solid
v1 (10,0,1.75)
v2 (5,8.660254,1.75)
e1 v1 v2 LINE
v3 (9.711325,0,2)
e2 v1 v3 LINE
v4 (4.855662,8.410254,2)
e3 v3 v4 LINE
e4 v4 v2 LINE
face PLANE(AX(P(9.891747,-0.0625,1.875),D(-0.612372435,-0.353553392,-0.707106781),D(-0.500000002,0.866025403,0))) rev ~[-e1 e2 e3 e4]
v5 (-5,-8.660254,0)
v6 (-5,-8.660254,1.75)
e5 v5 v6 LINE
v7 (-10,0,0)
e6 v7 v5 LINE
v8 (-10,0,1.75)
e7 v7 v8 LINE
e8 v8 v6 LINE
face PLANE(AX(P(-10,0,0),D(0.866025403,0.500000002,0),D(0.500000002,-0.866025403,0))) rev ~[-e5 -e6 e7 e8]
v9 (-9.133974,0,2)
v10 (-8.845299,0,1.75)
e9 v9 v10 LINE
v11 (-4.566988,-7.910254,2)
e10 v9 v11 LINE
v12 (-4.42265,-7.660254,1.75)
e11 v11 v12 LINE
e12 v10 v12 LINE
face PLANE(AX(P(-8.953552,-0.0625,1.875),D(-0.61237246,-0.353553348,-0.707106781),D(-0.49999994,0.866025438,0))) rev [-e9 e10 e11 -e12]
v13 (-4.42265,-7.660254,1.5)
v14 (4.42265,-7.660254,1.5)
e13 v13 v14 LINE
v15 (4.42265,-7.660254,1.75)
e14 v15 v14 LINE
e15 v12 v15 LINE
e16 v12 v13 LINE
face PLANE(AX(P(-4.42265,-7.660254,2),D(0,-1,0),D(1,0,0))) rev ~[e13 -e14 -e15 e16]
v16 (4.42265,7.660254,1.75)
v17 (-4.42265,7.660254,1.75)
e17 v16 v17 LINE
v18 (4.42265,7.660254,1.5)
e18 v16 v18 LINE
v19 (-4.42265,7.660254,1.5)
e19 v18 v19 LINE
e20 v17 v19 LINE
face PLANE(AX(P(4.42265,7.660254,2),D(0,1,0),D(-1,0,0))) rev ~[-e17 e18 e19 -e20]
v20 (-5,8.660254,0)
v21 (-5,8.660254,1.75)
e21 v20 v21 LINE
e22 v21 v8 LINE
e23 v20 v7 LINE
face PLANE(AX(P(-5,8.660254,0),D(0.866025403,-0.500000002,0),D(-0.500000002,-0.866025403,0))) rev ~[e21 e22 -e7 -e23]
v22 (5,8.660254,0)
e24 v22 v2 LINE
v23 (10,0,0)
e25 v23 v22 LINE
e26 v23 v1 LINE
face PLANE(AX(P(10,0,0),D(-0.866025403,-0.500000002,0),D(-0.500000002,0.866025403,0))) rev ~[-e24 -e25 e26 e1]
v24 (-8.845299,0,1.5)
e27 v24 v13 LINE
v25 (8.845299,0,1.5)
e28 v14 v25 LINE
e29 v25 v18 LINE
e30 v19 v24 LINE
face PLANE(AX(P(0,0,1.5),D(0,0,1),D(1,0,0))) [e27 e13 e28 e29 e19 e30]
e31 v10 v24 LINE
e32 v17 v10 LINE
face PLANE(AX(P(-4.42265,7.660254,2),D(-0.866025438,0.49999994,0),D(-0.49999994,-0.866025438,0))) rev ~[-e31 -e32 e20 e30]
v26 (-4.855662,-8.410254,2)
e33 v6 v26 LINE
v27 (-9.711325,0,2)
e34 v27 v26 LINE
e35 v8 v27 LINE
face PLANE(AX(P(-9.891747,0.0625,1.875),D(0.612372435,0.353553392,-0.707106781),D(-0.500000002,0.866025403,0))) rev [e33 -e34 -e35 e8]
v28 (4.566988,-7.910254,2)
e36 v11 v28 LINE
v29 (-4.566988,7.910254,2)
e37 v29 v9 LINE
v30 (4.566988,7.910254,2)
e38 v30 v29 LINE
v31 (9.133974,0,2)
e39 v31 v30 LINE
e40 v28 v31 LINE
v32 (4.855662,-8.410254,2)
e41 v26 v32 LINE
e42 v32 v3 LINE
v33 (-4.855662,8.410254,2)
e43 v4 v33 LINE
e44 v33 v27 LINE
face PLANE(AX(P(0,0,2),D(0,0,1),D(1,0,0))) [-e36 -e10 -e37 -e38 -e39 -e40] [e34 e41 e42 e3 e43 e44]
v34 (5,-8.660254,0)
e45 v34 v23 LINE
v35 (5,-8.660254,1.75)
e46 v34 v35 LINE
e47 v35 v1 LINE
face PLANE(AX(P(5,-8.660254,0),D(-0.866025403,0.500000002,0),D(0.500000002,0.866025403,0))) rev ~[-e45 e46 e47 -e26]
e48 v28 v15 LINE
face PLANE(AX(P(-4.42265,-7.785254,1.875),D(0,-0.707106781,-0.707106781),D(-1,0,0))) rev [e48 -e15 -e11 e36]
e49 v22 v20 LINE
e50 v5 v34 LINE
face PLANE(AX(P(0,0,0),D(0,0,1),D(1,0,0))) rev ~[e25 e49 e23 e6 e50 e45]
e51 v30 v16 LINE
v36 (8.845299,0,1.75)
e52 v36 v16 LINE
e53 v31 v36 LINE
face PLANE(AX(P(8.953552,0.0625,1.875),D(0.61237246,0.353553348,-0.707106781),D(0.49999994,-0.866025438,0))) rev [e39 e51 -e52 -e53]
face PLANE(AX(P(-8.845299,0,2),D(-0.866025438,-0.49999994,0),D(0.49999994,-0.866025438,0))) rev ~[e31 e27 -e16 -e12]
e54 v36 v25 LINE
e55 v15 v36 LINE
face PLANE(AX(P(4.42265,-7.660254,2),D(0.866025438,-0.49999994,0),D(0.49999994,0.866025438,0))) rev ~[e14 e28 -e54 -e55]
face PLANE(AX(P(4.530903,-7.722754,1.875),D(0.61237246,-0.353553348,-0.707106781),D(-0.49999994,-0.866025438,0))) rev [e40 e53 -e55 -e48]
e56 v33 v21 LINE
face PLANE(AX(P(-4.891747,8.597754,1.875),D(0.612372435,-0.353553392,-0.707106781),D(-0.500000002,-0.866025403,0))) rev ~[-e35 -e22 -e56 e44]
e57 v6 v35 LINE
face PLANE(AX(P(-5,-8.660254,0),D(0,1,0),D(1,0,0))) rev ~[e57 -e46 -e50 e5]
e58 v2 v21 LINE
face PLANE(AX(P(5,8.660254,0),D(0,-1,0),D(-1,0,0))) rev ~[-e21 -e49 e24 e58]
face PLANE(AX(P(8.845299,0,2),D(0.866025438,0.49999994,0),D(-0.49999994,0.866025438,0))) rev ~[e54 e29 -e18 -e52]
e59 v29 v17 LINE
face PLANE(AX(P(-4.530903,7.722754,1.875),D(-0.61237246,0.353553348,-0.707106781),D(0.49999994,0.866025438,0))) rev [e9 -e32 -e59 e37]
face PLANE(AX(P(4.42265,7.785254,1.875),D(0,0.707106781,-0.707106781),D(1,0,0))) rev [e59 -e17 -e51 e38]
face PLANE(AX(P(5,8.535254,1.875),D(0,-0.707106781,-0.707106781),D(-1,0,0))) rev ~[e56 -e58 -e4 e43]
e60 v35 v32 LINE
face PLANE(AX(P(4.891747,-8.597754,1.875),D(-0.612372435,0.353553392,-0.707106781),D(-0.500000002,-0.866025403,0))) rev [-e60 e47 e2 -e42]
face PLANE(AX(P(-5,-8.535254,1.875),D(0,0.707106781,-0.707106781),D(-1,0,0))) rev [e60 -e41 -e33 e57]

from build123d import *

# Parameters (mm, degrees)
PAD_DEPTH    = 2
POCKET_DEPTH = 0.5
CHAMFER_SIZE = 0.25


with BuildPart() as part:
    # Sketch → Pad (new body)
    with BuildSketch(Plane.XY):
        Polygon((-5, -8.660254), (5, -8.660254), (10, 0), (5, 8.660254), (-5, 8.660254), (-10, 0), align=None)
    extrude(amount=PAD_DEPTH)

    # Sketch001 → Pocket (cut)
    with BuildSketch(Plane.XY.offset(2)):
        Polygon((4.42265, -7.660254), (8.845299, 0), (4.42265, 7.660254), (-4.42265, 7.660254), (-8.845299, 0), (-4.42265, -7.660254), align=None)
    extrude(amount=-POCKET_DEPTH, mode=Mode.SUBTRACT)

    # Chamfer
    chamfer_edges = [part.edges().sort_by_distance(p)[0] for p in [
        (0, -8.660254, 2),
        (-7.5, -4.330127, 2),
        (7.5, -4.330127, 2),
        (-7.5, 4.330127, 2),
        (7.5, 4.330127, 2),
        (0, 8.660254, 2),
        (0, -7.660254, 2),
        (-6.633975, -3.830127, 2),
        (-6.633975, 3.830127, 2),
        (0, 7.660254, 2),
        (6.633975, 3.830127, 2),
        (6.633975, -3.830127, 2),
    ]]
    chamfer(chamfer_edges, length=CHAMFER_SIZE)


solid = part.part
